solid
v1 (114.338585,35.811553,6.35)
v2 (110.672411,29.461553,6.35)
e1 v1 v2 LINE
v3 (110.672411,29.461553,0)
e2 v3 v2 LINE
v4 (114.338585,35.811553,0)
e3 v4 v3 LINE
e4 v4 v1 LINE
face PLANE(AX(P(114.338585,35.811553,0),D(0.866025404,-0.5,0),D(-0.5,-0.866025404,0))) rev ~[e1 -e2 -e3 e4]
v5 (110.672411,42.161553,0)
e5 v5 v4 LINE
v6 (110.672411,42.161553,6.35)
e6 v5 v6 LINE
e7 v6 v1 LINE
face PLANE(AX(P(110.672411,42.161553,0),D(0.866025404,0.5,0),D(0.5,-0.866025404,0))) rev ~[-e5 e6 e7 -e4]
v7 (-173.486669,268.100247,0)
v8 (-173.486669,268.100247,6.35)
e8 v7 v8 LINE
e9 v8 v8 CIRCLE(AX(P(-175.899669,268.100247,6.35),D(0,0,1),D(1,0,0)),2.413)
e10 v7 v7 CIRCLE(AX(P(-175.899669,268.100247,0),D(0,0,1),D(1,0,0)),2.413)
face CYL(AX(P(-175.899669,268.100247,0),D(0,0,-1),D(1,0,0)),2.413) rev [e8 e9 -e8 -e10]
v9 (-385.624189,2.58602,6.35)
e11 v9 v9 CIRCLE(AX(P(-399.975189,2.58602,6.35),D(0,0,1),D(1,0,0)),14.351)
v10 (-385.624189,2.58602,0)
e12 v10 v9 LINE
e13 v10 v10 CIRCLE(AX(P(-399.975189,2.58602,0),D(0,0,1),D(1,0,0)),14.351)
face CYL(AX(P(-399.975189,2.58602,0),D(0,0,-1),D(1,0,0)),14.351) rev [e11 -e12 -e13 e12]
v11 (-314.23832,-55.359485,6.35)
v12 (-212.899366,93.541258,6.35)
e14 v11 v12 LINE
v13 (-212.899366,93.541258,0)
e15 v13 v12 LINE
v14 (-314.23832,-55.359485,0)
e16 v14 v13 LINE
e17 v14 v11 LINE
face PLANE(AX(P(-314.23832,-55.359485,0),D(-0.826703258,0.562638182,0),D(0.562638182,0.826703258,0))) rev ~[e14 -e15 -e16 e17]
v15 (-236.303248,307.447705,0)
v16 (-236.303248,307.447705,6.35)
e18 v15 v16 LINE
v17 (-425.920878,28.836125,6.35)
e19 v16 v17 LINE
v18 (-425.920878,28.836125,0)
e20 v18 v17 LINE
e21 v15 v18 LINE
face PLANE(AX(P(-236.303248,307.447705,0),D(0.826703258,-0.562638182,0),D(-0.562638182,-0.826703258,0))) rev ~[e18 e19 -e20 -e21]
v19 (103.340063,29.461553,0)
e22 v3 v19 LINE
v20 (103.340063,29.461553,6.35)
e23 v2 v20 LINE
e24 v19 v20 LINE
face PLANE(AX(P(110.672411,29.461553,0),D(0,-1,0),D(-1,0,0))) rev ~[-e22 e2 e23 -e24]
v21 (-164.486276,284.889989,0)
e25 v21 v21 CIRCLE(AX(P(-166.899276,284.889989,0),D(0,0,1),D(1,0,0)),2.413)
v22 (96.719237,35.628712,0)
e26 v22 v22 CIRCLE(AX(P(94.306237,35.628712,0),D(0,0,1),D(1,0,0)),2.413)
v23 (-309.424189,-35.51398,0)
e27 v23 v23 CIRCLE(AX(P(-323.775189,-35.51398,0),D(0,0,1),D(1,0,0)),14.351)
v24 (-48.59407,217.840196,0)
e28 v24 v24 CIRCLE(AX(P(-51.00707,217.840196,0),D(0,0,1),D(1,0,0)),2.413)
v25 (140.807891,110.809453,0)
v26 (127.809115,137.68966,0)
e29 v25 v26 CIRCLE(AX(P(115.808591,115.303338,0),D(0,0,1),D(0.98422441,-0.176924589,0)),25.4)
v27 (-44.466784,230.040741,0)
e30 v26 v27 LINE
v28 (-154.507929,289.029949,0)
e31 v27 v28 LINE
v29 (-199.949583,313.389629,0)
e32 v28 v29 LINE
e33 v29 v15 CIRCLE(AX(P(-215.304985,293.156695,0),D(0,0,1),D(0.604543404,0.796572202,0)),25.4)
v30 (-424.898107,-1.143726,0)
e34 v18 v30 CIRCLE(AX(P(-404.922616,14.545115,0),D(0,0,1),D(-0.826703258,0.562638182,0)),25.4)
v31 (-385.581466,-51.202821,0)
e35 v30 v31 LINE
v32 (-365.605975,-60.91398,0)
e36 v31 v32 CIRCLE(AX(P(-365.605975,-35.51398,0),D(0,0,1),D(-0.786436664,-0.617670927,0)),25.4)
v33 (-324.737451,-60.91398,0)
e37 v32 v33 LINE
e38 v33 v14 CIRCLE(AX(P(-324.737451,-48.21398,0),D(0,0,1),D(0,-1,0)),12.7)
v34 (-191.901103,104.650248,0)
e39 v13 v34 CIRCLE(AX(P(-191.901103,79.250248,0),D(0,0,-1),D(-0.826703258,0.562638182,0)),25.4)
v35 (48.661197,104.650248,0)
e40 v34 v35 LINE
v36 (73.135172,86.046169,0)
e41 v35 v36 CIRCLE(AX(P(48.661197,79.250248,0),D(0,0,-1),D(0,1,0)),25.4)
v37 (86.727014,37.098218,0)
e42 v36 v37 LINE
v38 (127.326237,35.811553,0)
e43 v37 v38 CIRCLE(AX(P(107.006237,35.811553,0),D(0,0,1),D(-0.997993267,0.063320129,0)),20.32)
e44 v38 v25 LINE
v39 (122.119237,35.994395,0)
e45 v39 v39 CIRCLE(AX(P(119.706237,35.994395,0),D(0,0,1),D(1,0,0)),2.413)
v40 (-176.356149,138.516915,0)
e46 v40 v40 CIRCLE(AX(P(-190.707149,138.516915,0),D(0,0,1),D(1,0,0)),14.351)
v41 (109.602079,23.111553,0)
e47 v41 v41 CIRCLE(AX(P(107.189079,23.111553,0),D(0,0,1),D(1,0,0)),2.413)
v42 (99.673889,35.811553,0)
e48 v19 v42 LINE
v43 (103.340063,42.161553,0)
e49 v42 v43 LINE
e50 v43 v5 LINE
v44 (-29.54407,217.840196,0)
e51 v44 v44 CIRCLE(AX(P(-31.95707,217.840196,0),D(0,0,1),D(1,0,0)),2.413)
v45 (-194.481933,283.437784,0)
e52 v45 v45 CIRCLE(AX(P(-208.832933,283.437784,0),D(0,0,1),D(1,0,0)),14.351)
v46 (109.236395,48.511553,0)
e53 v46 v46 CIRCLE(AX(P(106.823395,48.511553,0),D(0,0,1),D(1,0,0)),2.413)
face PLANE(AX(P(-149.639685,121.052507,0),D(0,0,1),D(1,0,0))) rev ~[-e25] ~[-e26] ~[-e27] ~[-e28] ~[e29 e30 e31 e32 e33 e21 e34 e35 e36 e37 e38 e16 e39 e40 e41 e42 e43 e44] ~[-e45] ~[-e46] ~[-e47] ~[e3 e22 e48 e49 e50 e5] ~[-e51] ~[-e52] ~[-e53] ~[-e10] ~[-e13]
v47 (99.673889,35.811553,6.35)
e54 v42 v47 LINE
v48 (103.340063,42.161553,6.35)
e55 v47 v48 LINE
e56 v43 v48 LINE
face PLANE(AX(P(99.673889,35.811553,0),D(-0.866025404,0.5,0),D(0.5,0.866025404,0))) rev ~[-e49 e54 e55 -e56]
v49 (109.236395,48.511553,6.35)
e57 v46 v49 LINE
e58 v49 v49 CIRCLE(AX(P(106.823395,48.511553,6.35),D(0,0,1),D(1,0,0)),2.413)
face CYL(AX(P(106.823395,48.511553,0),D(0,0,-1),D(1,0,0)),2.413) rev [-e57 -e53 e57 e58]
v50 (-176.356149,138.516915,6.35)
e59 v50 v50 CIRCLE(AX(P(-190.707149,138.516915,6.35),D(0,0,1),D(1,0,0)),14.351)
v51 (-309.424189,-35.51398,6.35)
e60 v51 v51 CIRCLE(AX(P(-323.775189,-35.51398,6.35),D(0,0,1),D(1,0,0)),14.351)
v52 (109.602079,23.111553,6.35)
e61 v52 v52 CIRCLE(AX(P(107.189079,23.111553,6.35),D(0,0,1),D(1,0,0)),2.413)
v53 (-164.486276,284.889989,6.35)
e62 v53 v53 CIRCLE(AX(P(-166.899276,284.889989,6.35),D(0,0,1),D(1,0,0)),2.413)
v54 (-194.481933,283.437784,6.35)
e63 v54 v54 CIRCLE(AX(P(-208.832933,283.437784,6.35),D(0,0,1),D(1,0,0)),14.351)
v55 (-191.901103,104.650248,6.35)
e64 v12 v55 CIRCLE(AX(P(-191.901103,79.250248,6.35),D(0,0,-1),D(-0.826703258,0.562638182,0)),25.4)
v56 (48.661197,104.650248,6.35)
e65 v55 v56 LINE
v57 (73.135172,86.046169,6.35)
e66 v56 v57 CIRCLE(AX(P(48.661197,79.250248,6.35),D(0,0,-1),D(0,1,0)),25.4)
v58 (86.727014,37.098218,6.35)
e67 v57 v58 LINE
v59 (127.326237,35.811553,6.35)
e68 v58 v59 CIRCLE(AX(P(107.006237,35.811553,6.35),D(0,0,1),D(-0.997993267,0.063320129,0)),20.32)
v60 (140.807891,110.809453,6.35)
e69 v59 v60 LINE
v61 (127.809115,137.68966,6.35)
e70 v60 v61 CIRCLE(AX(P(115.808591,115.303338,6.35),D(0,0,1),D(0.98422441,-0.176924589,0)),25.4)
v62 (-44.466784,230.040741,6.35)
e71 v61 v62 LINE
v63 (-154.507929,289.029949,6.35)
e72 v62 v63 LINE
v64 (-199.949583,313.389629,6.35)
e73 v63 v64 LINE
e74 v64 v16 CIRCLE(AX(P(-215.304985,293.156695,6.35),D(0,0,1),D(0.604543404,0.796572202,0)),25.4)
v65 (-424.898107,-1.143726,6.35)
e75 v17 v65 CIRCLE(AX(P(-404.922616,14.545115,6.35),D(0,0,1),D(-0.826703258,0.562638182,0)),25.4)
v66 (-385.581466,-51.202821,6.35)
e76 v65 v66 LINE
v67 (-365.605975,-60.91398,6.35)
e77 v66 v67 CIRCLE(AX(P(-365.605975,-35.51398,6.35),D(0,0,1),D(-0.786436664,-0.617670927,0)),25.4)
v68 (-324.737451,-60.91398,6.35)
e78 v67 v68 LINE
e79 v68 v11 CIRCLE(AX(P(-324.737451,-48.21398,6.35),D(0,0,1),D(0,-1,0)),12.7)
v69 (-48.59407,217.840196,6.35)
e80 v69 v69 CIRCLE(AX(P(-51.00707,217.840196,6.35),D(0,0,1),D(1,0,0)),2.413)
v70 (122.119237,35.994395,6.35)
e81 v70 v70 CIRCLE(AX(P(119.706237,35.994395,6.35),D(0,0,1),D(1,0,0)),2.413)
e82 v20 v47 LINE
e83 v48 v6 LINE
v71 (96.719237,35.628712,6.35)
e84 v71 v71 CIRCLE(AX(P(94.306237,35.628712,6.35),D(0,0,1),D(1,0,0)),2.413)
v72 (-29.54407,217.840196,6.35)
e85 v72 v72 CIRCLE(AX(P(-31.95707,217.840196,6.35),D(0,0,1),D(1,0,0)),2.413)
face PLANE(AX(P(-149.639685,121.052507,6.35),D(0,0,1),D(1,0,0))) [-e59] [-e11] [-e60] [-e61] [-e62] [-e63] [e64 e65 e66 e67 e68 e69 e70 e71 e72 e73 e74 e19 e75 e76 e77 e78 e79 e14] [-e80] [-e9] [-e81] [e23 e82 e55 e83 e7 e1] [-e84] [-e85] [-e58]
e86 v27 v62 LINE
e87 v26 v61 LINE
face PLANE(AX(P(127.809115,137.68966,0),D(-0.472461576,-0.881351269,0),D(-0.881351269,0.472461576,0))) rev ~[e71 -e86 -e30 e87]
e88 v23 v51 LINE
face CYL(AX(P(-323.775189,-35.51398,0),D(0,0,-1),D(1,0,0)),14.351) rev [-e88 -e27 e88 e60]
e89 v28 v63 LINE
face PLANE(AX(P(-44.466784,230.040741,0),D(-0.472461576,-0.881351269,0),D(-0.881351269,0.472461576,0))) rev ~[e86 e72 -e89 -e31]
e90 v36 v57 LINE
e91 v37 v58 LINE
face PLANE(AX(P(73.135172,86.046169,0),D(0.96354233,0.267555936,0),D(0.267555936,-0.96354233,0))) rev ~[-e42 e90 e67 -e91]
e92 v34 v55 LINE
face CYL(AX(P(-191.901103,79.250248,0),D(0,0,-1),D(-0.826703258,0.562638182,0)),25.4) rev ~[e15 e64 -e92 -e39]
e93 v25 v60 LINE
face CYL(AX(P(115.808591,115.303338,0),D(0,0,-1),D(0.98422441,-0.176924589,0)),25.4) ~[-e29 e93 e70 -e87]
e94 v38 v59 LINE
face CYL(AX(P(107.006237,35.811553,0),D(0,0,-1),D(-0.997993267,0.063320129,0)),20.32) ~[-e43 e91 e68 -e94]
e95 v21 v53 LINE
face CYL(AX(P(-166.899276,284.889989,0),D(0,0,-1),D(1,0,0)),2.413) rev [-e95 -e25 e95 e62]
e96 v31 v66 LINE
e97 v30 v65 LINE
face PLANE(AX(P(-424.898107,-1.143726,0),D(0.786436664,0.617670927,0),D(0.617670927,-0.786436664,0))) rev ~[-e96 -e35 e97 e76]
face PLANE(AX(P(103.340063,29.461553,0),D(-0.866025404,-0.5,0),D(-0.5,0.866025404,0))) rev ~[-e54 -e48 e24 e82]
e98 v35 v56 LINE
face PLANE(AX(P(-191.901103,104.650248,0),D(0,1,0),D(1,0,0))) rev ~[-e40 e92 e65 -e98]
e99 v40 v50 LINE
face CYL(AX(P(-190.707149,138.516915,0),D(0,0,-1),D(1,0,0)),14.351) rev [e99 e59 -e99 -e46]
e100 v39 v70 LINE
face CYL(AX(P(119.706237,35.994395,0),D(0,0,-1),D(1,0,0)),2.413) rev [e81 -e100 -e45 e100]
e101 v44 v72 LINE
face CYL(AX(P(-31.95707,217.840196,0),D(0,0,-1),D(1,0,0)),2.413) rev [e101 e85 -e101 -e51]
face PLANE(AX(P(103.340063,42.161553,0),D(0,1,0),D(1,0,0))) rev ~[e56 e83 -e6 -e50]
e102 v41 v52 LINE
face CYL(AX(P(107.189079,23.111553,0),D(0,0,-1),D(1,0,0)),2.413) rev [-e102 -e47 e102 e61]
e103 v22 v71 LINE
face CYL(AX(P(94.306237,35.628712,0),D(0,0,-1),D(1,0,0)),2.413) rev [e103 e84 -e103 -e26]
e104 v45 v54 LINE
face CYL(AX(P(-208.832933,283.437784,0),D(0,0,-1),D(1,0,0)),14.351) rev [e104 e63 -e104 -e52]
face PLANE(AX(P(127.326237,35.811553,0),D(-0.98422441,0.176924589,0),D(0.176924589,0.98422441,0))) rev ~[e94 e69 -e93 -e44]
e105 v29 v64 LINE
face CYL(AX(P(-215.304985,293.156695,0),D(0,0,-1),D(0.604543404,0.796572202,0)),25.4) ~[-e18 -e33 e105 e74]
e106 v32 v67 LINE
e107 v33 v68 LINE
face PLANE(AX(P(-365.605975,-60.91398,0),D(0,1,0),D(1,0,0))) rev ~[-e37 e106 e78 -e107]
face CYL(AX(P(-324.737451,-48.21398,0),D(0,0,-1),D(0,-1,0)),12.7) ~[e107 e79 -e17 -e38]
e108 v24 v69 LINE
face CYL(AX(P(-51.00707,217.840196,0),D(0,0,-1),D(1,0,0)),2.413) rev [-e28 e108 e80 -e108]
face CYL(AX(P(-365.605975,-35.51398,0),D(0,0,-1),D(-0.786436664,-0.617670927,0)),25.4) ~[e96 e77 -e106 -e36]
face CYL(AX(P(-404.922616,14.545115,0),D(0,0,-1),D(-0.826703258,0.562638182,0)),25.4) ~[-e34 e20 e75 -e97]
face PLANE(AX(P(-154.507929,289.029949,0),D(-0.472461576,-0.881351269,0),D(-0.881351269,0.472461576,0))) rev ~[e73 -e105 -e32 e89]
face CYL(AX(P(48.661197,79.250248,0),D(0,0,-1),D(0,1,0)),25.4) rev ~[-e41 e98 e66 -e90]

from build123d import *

# Parameters (mm, degrees)
MODEL_R             = 14.351
MODEL_R_2           = 2.413
BOSS_EXTRUDE1_DEPTH = 6.35


with BuildPart() as part:
    # Model → Boss-Extrude1 (new body)
    with BuildSketch(Plane.XY):
        with BuildLine():
            ThreePointArc((-212.899365952, 93.541257838), (-203.778989185, 101.701881024), (-191.901103209, 104.650248016))
            Line((-191.901103209, 104.650248016), (48.661197018, 104.650248016))
            ThreePointArc((48.661197018, 104.650248016), (64.032332507, 99.471232012), (73.135172194, 86.046168785))
            Line((73.135172194, 86.046168785), (86.727013732, 37.098218434))
            ThreePointArc((86.727013732, 37.098218434), (106.36258142, 15.501750179), (127.326236921, 35.811553418))
            Line((127.326236921, 35.811553418), (140.807890588, 110.809453484))
            ThreePointArc((140.807890588, 110.809453484), (138.675228362, 126.361225539), (127.809114585, 137.689660276))
            Line((127.809114585, 137.689660276), (-44.466784077, 230.040741354))
            Line((-44.466784077, 230.040741354), (-154.507929168, 289.02994873))
            Line((-154.507929168, 289.02994873), (-199.949582693, 313.389629113))
            ThreePointArc((-199.949582693, 313.389629113), (-219.402189514, 318.224062751), (-236.303247901, 307.447705012))
            Line((-236.303247901, 307.447705012), (-425.920878295, 28.83612519))
            ThreePointArc((-425.920878295, 28.83612519), (-430.307847502, 13.679090678), (-424.898106806, -1.143726181))
            Line((-424.898106806, -1.143726181), (-385.58146606, -51.20282143))
            ThreePointArc((-385.58146606, -51.20282143), (-376.71145599, -58.357541068), (-365.605974805, -60.913979882))
            Line((-365.605974805, -60.913979882), (-324.737451002, -60.913979882))
            ThreePointArc((-324.737451002, -60.913979882), (-318.798508014, -59.439796386), (-314.23831963, -55.359484793))
            Line((-314.23831963, -55.359484793), (-212.899365952, 93.541257838))
        make_face()
        with Locations((-323.775189267, -35.513979882)):
            Circle(MODEL_R, mode=Mode.SUBTRACT)
        with Locations((-399.975189267, 2.586020118)):
            Circle(MODEL_R, mode=Mode.SUBTRACT)
        with Locations((107.189078625, 23.111553418)):
            Circle(MODEL_R_2, mode=Mode.SUBTRACT)
        with Locations((94.306236921, 35.628711714)):
            Circle(MODEL_R_2, mode=Mode.SUBTRACT)
        Polygon((110.67241113, 42.161553418), (114.338585339, 35.811553418), (110.67241113, 29.461553418), (103.340062711, 29.461553418), (99.673888502, 35.811553418), (103.340062711, 42.161553418), (106.823395217, 42.161553418), align=None, mode=Mode.SUBTRACT)
        with Locations((119.706236921, 35.994395122)):
            Circle(MODEL_R_2, mode=Mode.SUBTRACT)
        with Locations((106.823395217, 48.511553418)):
            Circle(MODEL_R_2, mode=Mode.SUBTRACT)
        with Locations((-190.707148919, 138.516914683)):
            Circle(MODEL_R, mode=Mode.SUBTRACT)
        with Locations((-175.899669139, 268.100247422)):
            Circle(MODEL_R_2, mode=Mode.SUBTRACT)
        with Locations((-208.832932893, 283.437784316)):
            Circle(MODEL_R, mode=Mode.SUBTRACT)
        with Locations((-166.899276125, 284.889989099)):
            Circle(MODEL_R_2, mode=Mode.SUBTRACT)
        with Locations((-51.007069668, 217.840195735)):
            Circle(MODEL_R_2, mode=Mode.SUBTRACT)
        with Locations((-31.957069668, 217.840195735)):
            Circle(MODEL_R_2, mode=Mode.SUBTRACT)
    extrude(amount=BOSS_EXTRUDE1_DEPTH)


solid = part.part
